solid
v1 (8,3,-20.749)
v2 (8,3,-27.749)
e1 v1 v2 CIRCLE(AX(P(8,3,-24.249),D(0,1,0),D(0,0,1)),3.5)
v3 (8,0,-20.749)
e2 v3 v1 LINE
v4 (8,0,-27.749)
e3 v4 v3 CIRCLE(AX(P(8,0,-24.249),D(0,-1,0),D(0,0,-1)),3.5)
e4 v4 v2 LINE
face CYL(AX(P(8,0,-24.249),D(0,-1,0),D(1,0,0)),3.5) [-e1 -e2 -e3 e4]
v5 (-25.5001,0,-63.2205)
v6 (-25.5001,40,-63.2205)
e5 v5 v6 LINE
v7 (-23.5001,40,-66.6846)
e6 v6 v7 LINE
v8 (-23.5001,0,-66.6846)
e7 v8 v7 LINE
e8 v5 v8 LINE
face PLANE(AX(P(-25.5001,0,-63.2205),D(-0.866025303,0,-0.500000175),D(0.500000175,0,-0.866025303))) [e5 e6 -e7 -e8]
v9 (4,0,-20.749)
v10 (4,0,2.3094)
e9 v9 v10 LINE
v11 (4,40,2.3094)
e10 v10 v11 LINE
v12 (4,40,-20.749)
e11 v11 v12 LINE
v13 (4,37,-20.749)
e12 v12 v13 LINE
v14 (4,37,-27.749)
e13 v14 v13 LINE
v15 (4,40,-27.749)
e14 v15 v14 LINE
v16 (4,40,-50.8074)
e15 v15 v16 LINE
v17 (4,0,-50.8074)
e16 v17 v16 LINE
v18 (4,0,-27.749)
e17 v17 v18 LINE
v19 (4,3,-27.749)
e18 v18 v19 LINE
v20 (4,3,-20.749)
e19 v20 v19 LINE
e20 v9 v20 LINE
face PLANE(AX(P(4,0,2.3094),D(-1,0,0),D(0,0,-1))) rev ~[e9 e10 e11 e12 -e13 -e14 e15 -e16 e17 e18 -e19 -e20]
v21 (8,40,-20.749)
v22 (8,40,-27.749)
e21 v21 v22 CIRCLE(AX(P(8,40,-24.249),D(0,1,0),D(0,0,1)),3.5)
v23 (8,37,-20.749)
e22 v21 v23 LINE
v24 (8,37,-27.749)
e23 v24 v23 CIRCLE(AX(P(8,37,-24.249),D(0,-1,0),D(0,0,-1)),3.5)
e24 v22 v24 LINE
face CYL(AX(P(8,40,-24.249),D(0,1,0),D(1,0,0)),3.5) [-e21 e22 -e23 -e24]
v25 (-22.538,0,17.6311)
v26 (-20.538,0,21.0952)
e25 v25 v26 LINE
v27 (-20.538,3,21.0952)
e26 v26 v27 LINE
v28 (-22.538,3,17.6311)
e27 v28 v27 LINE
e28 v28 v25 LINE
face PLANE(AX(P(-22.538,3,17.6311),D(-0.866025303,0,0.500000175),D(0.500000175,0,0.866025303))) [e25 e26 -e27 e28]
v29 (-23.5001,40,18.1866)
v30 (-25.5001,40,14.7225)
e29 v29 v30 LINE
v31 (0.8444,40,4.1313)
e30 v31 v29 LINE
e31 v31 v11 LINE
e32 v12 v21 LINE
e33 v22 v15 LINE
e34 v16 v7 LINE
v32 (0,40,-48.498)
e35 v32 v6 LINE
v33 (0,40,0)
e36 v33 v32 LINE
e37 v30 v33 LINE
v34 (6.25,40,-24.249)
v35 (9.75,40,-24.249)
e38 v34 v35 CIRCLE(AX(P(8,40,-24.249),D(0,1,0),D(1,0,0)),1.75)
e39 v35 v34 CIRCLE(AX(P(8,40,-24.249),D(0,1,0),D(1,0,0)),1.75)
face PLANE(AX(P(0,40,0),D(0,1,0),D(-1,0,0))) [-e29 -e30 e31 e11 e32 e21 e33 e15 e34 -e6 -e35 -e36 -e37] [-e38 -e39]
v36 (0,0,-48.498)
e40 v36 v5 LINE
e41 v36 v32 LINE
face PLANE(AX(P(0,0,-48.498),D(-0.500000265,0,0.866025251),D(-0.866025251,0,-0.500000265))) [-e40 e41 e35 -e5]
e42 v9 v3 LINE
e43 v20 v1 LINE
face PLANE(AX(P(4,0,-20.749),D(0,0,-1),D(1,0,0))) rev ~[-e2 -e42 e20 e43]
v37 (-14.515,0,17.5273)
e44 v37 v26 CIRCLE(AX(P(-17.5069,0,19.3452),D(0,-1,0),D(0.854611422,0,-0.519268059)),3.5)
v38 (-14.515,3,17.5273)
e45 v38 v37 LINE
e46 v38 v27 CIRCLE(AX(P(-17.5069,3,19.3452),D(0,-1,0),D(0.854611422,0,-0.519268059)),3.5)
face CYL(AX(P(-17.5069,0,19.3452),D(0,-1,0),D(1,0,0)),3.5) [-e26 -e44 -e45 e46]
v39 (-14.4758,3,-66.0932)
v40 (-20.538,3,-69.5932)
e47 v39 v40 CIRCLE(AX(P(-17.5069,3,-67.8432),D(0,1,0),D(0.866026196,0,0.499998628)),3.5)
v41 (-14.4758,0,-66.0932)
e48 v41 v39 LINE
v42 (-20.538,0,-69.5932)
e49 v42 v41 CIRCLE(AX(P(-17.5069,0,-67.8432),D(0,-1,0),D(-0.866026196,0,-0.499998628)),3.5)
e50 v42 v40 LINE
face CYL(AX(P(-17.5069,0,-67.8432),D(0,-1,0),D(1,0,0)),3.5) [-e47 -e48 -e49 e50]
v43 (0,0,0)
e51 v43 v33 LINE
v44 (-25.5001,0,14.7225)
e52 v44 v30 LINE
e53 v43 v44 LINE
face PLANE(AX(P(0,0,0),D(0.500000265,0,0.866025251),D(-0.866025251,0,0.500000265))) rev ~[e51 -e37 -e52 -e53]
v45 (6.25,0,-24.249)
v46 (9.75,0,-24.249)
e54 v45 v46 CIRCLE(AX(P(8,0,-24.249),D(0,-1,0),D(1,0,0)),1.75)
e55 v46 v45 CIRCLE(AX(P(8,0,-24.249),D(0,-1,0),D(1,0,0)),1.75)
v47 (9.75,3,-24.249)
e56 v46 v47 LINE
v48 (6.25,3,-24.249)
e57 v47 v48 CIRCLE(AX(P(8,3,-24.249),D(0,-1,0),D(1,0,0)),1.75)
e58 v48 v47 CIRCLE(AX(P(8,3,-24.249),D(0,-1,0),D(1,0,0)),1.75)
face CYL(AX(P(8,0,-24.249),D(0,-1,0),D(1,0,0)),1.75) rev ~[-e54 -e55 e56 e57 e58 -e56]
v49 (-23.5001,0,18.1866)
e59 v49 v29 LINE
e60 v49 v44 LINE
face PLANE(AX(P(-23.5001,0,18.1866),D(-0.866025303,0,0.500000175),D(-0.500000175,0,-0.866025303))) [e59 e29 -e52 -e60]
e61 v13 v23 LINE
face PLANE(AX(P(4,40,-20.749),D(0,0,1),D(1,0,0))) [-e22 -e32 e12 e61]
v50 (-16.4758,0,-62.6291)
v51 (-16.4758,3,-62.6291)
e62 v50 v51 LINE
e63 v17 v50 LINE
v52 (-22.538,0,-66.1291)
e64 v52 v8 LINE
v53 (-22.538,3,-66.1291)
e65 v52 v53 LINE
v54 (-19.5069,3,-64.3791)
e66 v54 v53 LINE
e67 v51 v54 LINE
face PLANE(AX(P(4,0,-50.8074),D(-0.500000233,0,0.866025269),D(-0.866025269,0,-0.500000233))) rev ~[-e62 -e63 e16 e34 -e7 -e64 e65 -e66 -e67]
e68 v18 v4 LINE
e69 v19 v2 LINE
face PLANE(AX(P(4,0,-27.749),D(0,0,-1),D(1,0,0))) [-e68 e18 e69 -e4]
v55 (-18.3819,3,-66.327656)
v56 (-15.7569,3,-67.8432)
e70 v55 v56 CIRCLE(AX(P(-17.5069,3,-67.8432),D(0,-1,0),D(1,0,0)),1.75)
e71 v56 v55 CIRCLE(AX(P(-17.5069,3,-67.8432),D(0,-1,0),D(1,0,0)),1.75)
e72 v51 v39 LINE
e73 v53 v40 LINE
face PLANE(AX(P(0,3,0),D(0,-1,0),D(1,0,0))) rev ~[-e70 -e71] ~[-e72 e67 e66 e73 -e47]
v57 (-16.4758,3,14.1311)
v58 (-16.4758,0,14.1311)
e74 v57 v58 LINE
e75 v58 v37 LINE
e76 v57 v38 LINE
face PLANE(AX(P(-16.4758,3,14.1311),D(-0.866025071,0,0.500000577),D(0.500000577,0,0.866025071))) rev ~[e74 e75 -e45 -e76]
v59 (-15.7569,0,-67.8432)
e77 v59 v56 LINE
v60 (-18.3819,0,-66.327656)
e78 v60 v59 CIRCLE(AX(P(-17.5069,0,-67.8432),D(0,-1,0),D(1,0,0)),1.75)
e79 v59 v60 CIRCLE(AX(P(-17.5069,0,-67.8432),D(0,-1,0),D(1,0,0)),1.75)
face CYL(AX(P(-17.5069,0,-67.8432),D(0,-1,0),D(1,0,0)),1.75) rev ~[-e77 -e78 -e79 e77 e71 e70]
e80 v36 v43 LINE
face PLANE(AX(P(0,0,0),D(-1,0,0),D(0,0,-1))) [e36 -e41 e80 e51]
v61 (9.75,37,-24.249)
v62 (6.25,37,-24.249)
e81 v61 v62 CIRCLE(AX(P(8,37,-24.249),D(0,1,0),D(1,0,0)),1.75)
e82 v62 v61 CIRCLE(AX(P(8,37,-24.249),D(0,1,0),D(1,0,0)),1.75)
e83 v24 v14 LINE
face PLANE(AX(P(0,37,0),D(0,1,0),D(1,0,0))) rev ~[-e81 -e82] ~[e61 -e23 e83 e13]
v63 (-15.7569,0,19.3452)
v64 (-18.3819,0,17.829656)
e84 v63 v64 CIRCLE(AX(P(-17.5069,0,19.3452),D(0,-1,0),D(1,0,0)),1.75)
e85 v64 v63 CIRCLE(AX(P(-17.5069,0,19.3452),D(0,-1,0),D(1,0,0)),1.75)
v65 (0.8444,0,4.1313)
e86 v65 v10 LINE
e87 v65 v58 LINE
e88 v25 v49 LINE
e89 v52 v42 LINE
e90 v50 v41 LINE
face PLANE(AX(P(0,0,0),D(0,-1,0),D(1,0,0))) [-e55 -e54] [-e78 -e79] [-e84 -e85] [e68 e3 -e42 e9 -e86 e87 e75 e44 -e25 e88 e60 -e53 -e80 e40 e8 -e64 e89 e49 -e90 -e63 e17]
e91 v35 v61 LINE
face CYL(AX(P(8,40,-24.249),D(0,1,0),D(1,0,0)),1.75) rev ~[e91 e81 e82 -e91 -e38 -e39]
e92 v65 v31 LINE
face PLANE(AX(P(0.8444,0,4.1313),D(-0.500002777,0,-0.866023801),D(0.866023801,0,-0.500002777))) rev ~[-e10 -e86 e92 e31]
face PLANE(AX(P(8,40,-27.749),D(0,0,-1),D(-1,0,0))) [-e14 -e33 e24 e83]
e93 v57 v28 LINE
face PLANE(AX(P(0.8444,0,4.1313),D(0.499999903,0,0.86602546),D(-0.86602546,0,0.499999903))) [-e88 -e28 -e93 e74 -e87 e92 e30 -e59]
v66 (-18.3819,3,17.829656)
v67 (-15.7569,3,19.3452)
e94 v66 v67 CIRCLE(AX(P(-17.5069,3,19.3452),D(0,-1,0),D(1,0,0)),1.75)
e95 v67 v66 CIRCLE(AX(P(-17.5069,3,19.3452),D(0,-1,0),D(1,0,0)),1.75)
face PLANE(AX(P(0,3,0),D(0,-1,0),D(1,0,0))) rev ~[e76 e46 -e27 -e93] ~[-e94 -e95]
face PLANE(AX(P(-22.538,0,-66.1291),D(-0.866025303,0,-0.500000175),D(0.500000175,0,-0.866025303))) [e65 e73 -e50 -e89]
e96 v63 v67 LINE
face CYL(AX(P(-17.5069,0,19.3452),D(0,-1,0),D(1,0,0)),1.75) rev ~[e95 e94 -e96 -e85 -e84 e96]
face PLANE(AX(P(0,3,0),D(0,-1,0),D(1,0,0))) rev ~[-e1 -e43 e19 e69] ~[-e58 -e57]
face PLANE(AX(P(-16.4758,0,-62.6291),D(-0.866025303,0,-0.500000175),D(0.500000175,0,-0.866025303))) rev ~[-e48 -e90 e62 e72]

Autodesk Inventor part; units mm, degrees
ref_plane "YZ Plane" through (0, 0, 0) normal (1, 0, 0) x (0, 1, 0)
ref_plane "XZ Plane" through (0, 0, 0) normal (0, 1, 0) x (-1, 0, 0)
ref_plane "XY Plane" through (0, 0, 0) normal (0, 0, 1) x (1, 0, 0)
sketch "Sketch1" plane through (0, 0, 0) normal (0, 1, 0) x (-1, 0, 0)
  line L0 (0, 0) -> (0, -48.498)
  line L1 (0, 0) -> (25.5001, 14.7225)
  line L2 (0, 0) -> (29.445, 0) construction
  line L3 (0, -48.498) -> (25.5001, -63.2205)
  line L4 (0, -48.498) -> (29.445, -48.498) construction
  line L5 (25.5001, -63.2205) -> (23.5001, -66.6846)
  line L6 (0, -46.9861) -> (-4, -46.9861)
  line L7 (-4, -46.9861) -> (-4, -50.8074)
  line L8 (-4, -50.8074) -> (23.5001, -66.6846)
  line L9 (1.1556, 0.6672) -> (-0.8444, 4.1313)
  line L10 (-0.8444, 4.1313) -> (-4, 2.3094)
  line L11 (-4, 2.3094) -> (-4, -46.9861)
  line L12 (-0.8444, 4.1313) -> (23.5001, 18.1866)
  line L13 (23.5001, 18.1866) -> (25.5001, 14.7225)
  dimension "d0" = 48.498
  dimension "d1" = 29.445
  dimension "d2" = 30
  dimension "d3" = 29.445
  dimension "d4" = 30
  dimension "d5" = 4
  dimension "d6" = 4
  dimension "d7" = 4
extrude "Extrusion1" add sketch "Sketch1" along normal blind 40
sketch "Sketch2" plane through (0, 0, 0) normal (0, -1, 0) x (1, 0, 0)
  line L0 (0, 0) -> (-25.5001, 14.7225) projected
  line L1 (-25.5001, 14.7225) -> (-23.1946, 18.7157)
  line L2 (-25.5001, 14.7225) -> (-23.5001, 18.1866) projected
  line L3 (-23.1946, 18.7157) -> (-25.5001, 14.7225)
  line L4 (-25.5001, 14.7225) -> (-21.5069, 12.417)
  line L5 (-21.5069, 12.417) -> (-17.5069, 19.3452)
  circle A0 centre (-17.5069, 19.3452) radius 1.75
  circle A1 centre (-17.5069, 19.3452) radius 3.5
  line L6 (-20.538, 21.0952) -> (-22.538, 17.6311)
  line L7 (-23.5001, 18.1866) -> (4, 2.3094) projected
  line L8 (-14.4758, 17.5952) -> (-16.4758, 14.1311)
  dimension "d10" = 4.611
  dimension "d11" = 4.611
  dimension "d12" = 8
  dimension "d13" = 3.5
  dimension "d14" = 7
extrude "Extrusion2" add sketch "Sketch2" against normal blind 3 contours A1
sketch "Sketch3" plane through (-17.5069, 3, 19.3452) normal (0, 1, 0) x (1, 0, 0)
  circle A0 centre (0, 0) radius 1.75 projected
  line L0 (0, 0) -> (-2, 3.4641)
  line L1 (-5.9932, 1.1586) -> (21.5069, 17.0358) projected
  line L2 (-2, 3.4641) -> (-5.0311, 1.7141)
  line L3 (-5.0311, 1.7141) -> (-3.0311, -1.75)
  circle A1 centre (0, 0) radius 3.5 projected
  line L4 (-2, 3.4641) -> (1.0311, 5.2141)
  line L5 (1.0311, 5.2141) -> (2.9919, 1.8179)
  line L6 (2.9919, 1.8179) -> (1.5256, 0.9713)
  line L7 (1.5256, 0.9713) -> (0.9971, 2.6723)
  line L8 (0.9971, 2.6723) -> (-1.1427, 2.5009)
  line L9 (-1.1427, 2.5009) -> (-2.2108, 1.3125)
  line L10 (-2.2108, 1.3125) -> (-2.3481, -0.99)
  line L11 (-2.3481, -0.99) -> (-3.0311, -1.75)
  point P0 (17.5069, 19.3452)
  dimension "d17" = 3.5
  dimension "d18" = 3.5
extrude "Extrusion3" add sketch "Sketch3" against normal blind 3 contours L9 L10 L11 A1 L0 | L0 A1 L6 L7 L8 L9 | A1 L3 L1 L0 | L0 L1 L5 A1
sketch "Sketch4" plane through (0, 0, 0) normal (0, -1, 0) x (1, 0, 0)
  line L0 (-23.5001, -66.6846) -> (-25.5001, -63.2205) projected
  line L1 (-23.5001, -66.6846) -> (-21.1946, -70.6778)
  line L2 (-21.1946, -70.6778) -> (-23.5001, -66.6846)
  line L3 (-25.5001, -63.2205) -> (0, -48.498) projected
  line L4 (-25.5001, -63.2205) -> (-21.5069, -60.915)
  line L5 (-21.5069, -60.915) -> (-17.5069, -67.8432)
  circle A0 centre (-17.5069, -67.8432) radius 1.75
  circle A1 centre (-17.5069, -67.8432) radius 3.5
  line L6 (-19.5069, -64.3791) -> (-22.538, -66.1291)
  line L7 (4, -50.8074) -> (-23.5001, -66.6846) projected
  line L8 (-22.538, -66.1291) -> (-20.538, -69.5932)
  line L9 (-19.5069, -64.3791) -> (-16.4758, -62.6291)
  line L10 (-16.4758, -62.6291) -> (-14.4758, -66.0932)
  point P0 (0, 0)
  dimension "d21" = 4.611
  dimension "d22" = 4.611
  dimension "d23" = 8
  dimension "d24" = 3.5
  dimension "d25" = 7
  dimension "d26" = 3.5
  dimension "d27" = 3.5
extrude "Extrusion4" add sketch "Sketch4" against normal blind 3 contours L6 L5 A1 L8 | L7 L10 A1 L5 | A1
sketch "Sketch5" plane through (0, 0, 0) normal (0, -1, 0) x (1, 0, 0)
  line L0 (0, -48.498) -> (0, 0) projected
  line L1 (0, -24.249) -> (8, -24.249)
  circle A0 centre (8, -24.249) radius 1.75
  circle A1 centre (8, -24.249) radius 3.5
  line L2 (4, 2.3094) -> (4, -50.8074) projected
  line L3 (4, -24.249) -> (4, -27.749)
  line L4 (4, -27.749) -> (8, -27.749)
  line L5 (4, -24.249) -> (4, -20.749)
  line L6 (4, -20.749) -> (8, -20.749)
  dimension "d30" = 8
  dimension "d31" = 3.5
  dimension "d32" = 7
extrude "Extrusion5" add sketch "Sketch5" against normal blind 3
sketch "Sketch6" plane through (0, 40, 0) normal (0, 1, 0) x (1, 0, 0)
  line L0 (4, -2.3094) -> (4, 50.8074) projected
  line L1 (4, 24.249) -> (8, 24.249)
  circle A0 centre (8, 24.249) radius 1.75
  circle A1 centre (8, 24.249) radius 3.5
  line L2 (4, 27.749) -> (4, 50.8074) projected
  line L3 (4, 24.249) -> (4, 27.749)
  line L4 (8, 27.749) -> (4, 27.749) projected
  line L5 (4, 27.749) -> (8, 27.749)
  line L6 (4, 24.249) -> (4, 20.749)
  line L7 (4, 20.749) -> (8, 20.749) projected
  line L8 (4, 20.749) -> (8, 20.749)
  point P0 (0, 0)
  dimension "d35" = 4
  dimension "d36" = 3.5
  dimension "d37" = 7
extrude "Extrusion6" add sketch "Sketch6" against normal blind 3
properties part number "Capture Zone3"
